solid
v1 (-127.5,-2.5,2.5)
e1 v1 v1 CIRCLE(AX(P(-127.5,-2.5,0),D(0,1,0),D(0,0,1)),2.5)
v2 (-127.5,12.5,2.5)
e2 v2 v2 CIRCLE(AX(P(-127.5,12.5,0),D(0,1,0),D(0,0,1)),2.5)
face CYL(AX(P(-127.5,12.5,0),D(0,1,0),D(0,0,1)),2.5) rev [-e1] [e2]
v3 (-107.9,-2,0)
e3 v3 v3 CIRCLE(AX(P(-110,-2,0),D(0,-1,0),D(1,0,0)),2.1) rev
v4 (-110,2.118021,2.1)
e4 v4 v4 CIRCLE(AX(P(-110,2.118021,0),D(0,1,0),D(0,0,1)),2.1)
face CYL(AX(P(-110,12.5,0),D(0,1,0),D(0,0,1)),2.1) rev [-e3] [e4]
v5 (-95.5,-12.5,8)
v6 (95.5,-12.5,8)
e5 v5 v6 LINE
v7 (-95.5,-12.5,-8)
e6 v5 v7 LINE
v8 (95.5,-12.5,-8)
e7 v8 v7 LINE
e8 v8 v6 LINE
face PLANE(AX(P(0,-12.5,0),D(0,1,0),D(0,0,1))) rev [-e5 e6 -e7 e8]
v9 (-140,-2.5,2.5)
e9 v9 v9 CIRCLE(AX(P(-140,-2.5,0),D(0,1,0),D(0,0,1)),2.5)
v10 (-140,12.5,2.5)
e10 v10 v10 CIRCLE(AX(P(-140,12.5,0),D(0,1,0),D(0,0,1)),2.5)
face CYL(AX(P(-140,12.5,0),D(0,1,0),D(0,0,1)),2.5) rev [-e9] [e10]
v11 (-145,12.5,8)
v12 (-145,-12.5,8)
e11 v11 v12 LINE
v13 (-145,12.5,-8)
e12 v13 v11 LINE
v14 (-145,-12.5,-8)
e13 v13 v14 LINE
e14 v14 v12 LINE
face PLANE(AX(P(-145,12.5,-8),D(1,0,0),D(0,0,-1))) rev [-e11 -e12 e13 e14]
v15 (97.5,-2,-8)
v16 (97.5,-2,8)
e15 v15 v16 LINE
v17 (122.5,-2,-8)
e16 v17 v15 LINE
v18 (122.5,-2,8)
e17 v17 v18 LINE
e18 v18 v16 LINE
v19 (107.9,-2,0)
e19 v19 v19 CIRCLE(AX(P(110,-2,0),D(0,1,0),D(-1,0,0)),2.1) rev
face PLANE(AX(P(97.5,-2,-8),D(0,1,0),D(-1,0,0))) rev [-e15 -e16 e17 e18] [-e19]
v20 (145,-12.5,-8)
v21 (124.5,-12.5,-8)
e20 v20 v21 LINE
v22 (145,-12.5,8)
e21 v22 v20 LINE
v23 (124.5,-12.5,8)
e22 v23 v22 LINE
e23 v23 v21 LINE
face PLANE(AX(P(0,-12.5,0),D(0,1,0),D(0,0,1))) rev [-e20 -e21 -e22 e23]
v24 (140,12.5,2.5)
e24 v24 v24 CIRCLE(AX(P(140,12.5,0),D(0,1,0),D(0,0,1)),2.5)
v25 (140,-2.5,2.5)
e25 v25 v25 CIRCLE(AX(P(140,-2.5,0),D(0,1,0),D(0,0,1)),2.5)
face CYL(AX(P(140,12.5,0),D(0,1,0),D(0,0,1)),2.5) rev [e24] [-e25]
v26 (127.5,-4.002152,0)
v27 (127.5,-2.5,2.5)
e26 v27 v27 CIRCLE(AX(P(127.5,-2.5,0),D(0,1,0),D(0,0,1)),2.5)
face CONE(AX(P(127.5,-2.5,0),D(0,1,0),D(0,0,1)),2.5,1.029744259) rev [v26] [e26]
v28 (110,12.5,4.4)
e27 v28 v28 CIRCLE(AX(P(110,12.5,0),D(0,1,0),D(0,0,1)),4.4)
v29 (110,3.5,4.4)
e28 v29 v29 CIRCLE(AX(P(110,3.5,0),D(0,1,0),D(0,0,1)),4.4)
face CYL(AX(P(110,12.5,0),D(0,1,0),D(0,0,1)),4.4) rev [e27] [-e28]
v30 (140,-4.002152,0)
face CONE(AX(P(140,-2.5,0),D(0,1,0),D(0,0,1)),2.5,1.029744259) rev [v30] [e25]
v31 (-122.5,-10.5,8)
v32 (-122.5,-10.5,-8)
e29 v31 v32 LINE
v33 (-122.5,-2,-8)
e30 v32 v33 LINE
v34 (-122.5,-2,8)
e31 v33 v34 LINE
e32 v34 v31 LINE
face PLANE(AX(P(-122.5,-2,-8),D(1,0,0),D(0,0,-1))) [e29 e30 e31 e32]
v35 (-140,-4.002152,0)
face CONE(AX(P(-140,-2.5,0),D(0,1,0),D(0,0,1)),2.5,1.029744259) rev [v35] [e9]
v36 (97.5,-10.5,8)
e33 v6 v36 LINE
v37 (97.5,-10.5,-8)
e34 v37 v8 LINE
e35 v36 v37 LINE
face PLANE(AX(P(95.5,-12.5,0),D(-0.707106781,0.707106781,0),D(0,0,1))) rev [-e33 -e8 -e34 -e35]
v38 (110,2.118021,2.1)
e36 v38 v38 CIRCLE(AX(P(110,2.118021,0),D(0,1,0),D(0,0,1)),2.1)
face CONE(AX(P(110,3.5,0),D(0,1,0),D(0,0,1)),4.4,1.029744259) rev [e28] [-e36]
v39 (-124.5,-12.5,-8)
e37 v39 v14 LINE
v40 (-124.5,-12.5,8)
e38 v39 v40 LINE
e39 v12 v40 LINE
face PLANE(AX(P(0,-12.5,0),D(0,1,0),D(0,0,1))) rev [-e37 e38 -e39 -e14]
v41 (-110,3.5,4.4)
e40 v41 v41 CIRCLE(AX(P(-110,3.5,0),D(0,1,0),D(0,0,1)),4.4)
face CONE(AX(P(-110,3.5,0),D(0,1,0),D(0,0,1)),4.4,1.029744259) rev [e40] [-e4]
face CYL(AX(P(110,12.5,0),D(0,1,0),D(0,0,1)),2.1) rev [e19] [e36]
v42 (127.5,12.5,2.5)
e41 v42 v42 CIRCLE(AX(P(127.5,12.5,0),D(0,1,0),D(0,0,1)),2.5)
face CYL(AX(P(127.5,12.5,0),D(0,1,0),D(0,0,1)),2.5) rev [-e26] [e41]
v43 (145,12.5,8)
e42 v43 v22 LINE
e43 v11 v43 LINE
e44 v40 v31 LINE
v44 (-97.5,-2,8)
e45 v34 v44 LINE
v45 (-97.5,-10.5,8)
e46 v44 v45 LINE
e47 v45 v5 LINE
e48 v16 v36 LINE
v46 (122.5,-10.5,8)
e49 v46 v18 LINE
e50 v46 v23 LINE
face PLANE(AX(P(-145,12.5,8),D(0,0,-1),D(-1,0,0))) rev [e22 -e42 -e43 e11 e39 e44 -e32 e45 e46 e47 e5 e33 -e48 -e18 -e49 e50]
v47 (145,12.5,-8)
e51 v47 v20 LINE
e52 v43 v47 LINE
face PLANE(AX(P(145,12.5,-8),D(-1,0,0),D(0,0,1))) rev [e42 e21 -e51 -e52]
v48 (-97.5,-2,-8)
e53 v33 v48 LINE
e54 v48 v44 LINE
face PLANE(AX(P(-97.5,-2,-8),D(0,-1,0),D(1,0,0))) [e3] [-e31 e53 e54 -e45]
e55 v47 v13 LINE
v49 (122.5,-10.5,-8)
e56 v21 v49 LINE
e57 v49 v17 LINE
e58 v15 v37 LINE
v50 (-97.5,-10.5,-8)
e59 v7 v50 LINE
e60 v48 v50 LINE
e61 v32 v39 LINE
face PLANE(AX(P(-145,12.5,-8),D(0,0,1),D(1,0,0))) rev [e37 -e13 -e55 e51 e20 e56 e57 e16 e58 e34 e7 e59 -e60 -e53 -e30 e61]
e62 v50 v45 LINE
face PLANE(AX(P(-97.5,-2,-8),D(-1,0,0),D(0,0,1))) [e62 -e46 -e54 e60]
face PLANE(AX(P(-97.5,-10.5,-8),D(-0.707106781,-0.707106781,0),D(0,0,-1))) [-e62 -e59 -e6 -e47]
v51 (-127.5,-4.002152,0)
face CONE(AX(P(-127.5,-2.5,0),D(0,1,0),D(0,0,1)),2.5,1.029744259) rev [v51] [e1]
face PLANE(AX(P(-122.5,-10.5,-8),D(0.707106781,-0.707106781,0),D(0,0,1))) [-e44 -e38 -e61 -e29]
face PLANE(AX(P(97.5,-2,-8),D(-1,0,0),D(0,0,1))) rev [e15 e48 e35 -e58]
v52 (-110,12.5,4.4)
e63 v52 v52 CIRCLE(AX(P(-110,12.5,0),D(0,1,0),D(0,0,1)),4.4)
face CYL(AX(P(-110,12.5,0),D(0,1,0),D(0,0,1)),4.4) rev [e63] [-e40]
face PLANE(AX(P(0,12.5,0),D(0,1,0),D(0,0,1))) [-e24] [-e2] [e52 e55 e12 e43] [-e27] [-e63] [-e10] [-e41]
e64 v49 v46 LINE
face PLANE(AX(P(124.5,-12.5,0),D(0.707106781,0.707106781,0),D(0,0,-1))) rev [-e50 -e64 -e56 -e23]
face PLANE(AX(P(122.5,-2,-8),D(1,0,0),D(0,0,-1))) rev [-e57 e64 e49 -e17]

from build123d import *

# Parameters (mm, degrees)
SKETCH1_W                = 290
SKETCH1_H                = 16
BOSS_EXTRUDE1_DEPTH      = 12.5
M5_TAPPED_HOLE1_D        = 4.2
SKETCH7_W                = 25
SKETCH7_H                = 24.547818694
CUT_EXTRUDE2_DEPTH       = 147.414650906
CHAMFER1_SIZE            = 2
CHAMFER1_OF_MIRROR1_SIZE = 2
G1_8_TAPPED_HOLE1_D      = 8.8
G1_8_TAPPED_HOLE1_DEPTH  = 9
G1_8_TAPPED_HOLE1_TIP    = 2.643786724
M6_TAPPED_HOLE1_D        = 5
M6_TAPPED_HOLE1_DEPTH    = 15
M6_TAPPED_HOLE1_TIP      = 1.502151548


with BuildPart() as part:
    # Sketch1 → Boss-Extrude1 (new, symmetric)
    with BuildSketch(Plane(origin=(0, 0, 0), x_dir=(1, 0, 0), z_dir=(0, 1, 0))):
        Rectangle(SKETCH1_W, SKETCH1_H)
    extrude(amount=BOSS_EXTRUDE1_DEPTH, both=True)

    # M5 Tapped Hole1 (through all)
    with Locations(Plane(origin=(0, 12.5, 0), x_dir=(1, 0, 0), z_dir=(0, 1, 0))):
        with Locations((-110, 0), (110, 0)):
            Hole(M5_TAPPED_HOLE1_D / 2)

    # Sketch7 → Cut-Extrude2 (cut, through all)
    with BuildSketch(Plane.XY.offset(8)):
        with Locations((110, -14.273909347)):
            Rectangle(SKETCH7_W, SKETCH7_H)
    cut_extrude2 = extrude(amount=-CUT_EXTRUDE2_DEPTH, mode=Mode.SUBTRACT)

    # Chamfer1
    chamfer1_edges = [part.edges().sort_by_distance(p)[0] for p in [
        (122.5, -12.5, 0),
        (97.5, -12.5, 0),
    ]]
    chamfer(chamfer1_edges, length=CHAMFER1_SIZE)

    # Mirror1: Cut-Extrude2 across plane
    add(cut_extrude2.mirror(Plane(origin=(0, 0, 0), x_dir=(0, 0, 1), z_dir=(1, 0, 0))), mode=Mode.SUBTRACT)

    # Chamfer1 of Mirror1
    chamfer1_of_mirror1_edges = [part.edges().sort_by_distance(p)[0] for p in [
        (-122.5, -12.5, 0),
        (-97.5, -12.5, 0),
    ]]
    chamfer(chamfer1_of_mirror1_edges, length=CHAMFER1_OF_MIRROR1_SIZE)

    # G1/8 Tapped Hole1
    with Locations(Plane(origin=(0, 12.5, 0), x_dir=(1, 0, 0), z_dir=(0, 1, 0))):
        with Locations((-110, 0), (110, 0)):
            Hole(G1_8_TAPPED_HOLE1_D / 2, depth=G1_8_TAPPED_HOLE1_DEPTH)
            with Locations((0, 0, -(G1_8_TAPPED_HOLE1_DEPTH + G1_8_TAPPED_HOLE1_TIP / 2))):  # 118° drill point
                Cone(0, G1_8_TAPPED_HOLE1_D / 2, G1_8_TAPPED_HOLE1_TIP, mode=Mode.SUBTRACT)

    # M6 Tapped Hole1
    with Locations(Plane(origin=(0, 12.5, 0), x_dir=(1, 0, 0), z_dir=(0, 1, 0))):
        with Locations((-140, 0), (-127.5, 0), (127.5, 0), (140, 0)):
            Hole(M6_TAPPED_HOLE1_D / 2, depth=M6_TAPPED_HOLE1_DEPTH)
            with Locations((0, 0, -(M6_TAPPED_HOLE1_DEPTH + M6_TAPPED_HOLE1_TIP / 2))):  # 118° drill point
                Cone(0, M6_TAPPED_HOLE1_D / 2, M6_TAPPED_HOLE1_TIP, mode=Mode.SUBTRACT)


solid = part.part
